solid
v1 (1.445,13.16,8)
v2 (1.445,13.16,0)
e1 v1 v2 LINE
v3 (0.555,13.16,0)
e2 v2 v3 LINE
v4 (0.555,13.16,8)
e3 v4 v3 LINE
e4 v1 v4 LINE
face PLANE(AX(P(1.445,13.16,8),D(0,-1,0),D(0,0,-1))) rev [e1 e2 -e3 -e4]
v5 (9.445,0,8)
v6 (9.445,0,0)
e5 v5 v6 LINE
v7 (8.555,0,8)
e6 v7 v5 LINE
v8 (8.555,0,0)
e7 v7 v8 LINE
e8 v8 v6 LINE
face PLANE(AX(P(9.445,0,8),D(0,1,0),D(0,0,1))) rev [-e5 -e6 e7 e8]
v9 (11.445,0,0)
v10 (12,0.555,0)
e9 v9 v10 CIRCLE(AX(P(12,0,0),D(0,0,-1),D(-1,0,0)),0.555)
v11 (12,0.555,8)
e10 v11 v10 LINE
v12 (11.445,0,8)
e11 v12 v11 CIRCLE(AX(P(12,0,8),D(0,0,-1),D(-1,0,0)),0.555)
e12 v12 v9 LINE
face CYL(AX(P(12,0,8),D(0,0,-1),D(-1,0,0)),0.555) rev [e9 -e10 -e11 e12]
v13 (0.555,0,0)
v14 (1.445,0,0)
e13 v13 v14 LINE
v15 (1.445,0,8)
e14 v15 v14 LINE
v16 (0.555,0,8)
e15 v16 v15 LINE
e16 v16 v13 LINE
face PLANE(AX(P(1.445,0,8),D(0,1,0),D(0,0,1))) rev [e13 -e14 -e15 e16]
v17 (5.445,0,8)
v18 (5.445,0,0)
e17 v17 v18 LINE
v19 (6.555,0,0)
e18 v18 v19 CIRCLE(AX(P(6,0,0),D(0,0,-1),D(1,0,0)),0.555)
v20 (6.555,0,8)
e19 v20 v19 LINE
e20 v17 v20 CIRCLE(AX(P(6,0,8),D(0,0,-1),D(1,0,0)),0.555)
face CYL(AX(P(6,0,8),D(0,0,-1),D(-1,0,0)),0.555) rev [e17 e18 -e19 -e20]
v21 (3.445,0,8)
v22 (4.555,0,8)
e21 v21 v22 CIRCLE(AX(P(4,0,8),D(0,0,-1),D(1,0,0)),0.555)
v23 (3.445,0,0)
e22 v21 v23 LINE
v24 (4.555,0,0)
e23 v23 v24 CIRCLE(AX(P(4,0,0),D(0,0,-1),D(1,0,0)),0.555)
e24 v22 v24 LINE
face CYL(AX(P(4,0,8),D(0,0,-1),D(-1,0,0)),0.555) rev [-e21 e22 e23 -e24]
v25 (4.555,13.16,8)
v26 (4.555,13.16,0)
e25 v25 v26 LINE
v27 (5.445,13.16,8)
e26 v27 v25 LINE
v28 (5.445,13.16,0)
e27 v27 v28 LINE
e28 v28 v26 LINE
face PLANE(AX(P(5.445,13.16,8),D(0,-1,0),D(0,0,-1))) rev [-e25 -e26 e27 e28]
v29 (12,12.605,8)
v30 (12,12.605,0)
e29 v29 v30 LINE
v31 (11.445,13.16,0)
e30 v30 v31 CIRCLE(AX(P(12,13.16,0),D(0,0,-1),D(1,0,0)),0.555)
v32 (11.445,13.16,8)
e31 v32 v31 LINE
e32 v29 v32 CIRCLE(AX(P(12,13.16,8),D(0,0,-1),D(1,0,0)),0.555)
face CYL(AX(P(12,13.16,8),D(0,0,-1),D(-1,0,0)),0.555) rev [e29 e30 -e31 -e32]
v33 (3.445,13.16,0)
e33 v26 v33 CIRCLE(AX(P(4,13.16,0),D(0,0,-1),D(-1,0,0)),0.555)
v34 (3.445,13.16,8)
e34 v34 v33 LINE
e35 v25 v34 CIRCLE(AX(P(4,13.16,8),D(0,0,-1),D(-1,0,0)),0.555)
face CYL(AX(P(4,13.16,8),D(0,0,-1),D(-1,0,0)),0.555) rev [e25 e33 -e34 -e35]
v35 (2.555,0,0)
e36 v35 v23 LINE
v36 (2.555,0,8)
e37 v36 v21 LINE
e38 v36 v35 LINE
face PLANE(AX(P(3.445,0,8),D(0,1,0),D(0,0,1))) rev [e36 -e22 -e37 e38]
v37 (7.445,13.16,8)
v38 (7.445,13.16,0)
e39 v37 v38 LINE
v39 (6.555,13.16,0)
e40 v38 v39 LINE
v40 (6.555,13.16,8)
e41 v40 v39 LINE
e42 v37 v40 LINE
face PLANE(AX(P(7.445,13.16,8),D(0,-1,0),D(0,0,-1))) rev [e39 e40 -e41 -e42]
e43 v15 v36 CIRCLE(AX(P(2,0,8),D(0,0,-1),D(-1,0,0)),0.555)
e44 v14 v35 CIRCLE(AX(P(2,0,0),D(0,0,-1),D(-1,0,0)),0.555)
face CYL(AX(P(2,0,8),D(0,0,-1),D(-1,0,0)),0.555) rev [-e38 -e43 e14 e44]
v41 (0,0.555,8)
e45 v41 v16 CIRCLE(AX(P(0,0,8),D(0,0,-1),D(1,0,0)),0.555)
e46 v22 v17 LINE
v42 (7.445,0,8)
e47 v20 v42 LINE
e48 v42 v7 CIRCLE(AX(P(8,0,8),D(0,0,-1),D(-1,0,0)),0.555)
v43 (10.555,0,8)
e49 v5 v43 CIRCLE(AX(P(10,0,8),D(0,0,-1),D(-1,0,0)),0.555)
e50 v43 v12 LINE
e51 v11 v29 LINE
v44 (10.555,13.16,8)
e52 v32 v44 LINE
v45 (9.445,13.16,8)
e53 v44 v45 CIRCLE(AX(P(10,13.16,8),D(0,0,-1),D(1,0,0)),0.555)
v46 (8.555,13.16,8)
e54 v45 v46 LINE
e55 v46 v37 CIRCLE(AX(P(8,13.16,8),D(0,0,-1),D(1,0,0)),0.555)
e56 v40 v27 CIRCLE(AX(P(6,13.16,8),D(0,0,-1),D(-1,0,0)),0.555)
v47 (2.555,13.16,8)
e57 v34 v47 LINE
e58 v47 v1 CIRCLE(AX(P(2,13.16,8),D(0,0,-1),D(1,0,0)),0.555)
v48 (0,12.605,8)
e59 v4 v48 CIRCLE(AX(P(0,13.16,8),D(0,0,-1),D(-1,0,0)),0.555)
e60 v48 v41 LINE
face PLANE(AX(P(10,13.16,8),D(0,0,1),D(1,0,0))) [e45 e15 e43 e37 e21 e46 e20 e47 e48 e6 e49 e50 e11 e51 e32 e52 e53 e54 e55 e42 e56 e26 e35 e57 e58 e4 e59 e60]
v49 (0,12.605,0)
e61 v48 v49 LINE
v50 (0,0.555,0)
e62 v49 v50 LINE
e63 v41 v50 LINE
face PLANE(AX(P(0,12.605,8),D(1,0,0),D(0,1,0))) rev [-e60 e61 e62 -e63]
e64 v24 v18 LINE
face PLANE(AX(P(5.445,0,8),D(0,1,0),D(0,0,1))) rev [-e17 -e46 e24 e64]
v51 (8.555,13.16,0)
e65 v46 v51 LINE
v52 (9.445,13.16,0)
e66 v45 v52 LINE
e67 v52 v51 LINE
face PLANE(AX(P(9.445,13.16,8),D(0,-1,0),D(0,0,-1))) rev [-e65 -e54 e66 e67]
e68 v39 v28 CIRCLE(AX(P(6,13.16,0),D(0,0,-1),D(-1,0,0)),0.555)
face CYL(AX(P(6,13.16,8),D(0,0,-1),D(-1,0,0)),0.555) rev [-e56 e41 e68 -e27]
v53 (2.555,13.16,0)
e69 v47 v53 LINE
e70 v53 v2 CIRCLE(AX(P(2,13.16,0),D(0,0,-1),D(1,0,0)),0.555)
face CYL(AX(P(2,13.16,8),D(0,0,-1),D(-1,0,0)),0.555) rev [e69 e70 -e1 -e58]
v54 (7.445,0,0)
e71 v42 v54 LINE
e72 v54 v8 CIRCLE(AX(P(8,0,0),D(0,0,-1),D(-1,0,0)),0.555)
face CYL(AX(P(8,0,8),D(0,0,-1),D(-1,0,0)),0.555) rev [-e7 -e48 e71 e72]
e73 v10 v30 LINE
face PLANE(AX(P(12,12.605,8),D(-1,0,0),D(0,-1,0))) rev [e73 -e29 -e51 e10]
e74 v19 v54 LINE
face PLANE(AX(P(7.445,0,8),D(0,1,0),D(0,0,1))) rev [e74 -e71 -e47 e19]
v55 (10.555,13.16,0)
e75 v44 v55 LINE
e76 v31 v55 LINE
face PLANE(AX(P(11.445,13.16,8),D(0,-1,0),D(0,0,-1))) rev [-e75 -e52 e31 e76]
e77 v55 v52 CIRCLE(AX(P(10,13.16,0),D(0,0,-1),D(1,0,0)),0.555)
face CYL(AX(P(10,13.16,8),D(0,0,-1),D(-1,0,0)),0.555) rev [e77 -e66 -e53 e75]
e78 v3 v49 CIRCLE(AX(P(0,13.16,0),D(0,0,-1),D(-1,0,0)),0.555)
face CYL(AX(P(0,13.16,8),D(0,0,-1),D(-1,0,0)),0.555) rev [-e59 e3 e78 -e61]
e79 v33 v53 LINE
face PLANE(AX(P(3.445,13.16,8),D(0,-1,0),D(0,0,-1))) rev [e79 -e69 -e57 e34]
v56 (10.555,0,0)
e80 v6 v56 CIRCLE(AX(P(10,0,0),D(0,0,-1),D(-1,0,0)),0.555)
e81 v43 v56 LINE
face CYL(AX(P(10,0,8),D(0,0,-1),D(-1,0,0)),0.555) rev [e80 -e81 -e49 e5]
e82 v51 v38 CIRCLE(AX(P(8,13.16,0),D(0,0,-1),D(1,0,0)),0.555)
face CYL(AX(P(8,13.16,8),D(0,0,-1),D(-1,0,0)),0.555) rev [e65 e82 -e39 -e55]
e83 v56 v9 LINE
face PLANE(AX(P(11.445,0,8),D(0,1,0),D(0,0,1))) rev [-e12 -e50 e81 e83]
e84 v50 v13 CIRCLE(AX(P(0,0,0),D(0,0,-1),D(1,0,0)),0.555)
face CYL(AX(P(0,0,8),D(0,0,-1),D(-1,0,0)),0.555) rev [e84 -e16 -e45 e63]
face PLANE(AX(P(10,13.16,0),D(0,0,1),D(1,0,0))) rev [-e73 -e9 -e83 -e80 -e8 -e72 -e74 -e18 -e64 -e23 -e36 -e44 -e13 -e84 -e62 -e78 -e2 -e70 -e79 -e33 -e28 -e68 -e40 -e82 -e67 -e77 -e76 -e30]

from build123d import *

# Parameters (mm, degrees)
BOSS_EXTRUDE1_DEPTH = 8


with BuildPart() as part:
    # Sketch1 → Boss-Extrude1 (new body)
    with BuildSketch(Plane.XY):
        with BuildLine():
            Line((11.445, 13.16), (10.555, 13.16))
            ThreePointArc((10.555, 13.16), (10, 12.605), (9.445, 13.16))
            Line((9.445, 13.16), (8.555, 13.16))
            ThreePointArc((8.555, 13.16), (8, 12.605), (7.445, 13.16))
            Line((7.445, 13.16), (6.555, 13.16))
            ThreePointArc((6.555, 13.16), (6, 12.605), (5.445, 13.16))
            Line((5.445, 13.16), (4.555, 13.16))
            ThreePointArc((4.555, 13.16), (4, 12.605), (3.445, 13.16))
            Line((3.445, 13.16), (2.555, 13.16))
            ThreePointArc((2.555, 13.16), (2, 12.605), (1.445, 13.16))
            Line((1.445, 13.16), (0.555, 13.16))
            ThreePointArc((0.555, 13.16), (0.392444264, 12.767555736), (0, 12.605))
            Line((0, 12.605), (0, 0.555))
            ThreePointArc((0, 0.555), (0.392444264, 0.392444264), (0.555, 0))
            Line((0.555, 0), (1.445, 0))
            ThreePointArc((1.445, 0), (2, 0.555), (2.555, 0))
            Line((2.555, 0), (3.445, 0))
            ThreePointArc((3.445, 0), (4, 0.555), (4.555, 0))
            Line((4.555, 0), (5.445, 0))
            ThreePointArc((5.445, 0), (6, 0.555), (6.555, 0))
            Line((6.555, 0), (7.445, 0))
            ThreePointArc((7.445, 0), (8, 0.555), (8.555, 0))
            Line((8.555, 0), (9.445, 0))
            ThreePointArc((9.445, 0), (10, 0.555), (10.555, 0))
            Line((10.555, 0), (11.445, 0))
            ThreePointArc((11.445, 0), (11.607555736, 0.392444264), (12, 0.555))
            Line((12, 0.555), (12, 12.605))
            ThreePointArc((12, 12.605), (11.607555736, 12.767555736), (11.445, 13.16))
        make_face()
    extrude(amount=BOSS_EXTRUDE1_DEPTH)


solid = part.part
